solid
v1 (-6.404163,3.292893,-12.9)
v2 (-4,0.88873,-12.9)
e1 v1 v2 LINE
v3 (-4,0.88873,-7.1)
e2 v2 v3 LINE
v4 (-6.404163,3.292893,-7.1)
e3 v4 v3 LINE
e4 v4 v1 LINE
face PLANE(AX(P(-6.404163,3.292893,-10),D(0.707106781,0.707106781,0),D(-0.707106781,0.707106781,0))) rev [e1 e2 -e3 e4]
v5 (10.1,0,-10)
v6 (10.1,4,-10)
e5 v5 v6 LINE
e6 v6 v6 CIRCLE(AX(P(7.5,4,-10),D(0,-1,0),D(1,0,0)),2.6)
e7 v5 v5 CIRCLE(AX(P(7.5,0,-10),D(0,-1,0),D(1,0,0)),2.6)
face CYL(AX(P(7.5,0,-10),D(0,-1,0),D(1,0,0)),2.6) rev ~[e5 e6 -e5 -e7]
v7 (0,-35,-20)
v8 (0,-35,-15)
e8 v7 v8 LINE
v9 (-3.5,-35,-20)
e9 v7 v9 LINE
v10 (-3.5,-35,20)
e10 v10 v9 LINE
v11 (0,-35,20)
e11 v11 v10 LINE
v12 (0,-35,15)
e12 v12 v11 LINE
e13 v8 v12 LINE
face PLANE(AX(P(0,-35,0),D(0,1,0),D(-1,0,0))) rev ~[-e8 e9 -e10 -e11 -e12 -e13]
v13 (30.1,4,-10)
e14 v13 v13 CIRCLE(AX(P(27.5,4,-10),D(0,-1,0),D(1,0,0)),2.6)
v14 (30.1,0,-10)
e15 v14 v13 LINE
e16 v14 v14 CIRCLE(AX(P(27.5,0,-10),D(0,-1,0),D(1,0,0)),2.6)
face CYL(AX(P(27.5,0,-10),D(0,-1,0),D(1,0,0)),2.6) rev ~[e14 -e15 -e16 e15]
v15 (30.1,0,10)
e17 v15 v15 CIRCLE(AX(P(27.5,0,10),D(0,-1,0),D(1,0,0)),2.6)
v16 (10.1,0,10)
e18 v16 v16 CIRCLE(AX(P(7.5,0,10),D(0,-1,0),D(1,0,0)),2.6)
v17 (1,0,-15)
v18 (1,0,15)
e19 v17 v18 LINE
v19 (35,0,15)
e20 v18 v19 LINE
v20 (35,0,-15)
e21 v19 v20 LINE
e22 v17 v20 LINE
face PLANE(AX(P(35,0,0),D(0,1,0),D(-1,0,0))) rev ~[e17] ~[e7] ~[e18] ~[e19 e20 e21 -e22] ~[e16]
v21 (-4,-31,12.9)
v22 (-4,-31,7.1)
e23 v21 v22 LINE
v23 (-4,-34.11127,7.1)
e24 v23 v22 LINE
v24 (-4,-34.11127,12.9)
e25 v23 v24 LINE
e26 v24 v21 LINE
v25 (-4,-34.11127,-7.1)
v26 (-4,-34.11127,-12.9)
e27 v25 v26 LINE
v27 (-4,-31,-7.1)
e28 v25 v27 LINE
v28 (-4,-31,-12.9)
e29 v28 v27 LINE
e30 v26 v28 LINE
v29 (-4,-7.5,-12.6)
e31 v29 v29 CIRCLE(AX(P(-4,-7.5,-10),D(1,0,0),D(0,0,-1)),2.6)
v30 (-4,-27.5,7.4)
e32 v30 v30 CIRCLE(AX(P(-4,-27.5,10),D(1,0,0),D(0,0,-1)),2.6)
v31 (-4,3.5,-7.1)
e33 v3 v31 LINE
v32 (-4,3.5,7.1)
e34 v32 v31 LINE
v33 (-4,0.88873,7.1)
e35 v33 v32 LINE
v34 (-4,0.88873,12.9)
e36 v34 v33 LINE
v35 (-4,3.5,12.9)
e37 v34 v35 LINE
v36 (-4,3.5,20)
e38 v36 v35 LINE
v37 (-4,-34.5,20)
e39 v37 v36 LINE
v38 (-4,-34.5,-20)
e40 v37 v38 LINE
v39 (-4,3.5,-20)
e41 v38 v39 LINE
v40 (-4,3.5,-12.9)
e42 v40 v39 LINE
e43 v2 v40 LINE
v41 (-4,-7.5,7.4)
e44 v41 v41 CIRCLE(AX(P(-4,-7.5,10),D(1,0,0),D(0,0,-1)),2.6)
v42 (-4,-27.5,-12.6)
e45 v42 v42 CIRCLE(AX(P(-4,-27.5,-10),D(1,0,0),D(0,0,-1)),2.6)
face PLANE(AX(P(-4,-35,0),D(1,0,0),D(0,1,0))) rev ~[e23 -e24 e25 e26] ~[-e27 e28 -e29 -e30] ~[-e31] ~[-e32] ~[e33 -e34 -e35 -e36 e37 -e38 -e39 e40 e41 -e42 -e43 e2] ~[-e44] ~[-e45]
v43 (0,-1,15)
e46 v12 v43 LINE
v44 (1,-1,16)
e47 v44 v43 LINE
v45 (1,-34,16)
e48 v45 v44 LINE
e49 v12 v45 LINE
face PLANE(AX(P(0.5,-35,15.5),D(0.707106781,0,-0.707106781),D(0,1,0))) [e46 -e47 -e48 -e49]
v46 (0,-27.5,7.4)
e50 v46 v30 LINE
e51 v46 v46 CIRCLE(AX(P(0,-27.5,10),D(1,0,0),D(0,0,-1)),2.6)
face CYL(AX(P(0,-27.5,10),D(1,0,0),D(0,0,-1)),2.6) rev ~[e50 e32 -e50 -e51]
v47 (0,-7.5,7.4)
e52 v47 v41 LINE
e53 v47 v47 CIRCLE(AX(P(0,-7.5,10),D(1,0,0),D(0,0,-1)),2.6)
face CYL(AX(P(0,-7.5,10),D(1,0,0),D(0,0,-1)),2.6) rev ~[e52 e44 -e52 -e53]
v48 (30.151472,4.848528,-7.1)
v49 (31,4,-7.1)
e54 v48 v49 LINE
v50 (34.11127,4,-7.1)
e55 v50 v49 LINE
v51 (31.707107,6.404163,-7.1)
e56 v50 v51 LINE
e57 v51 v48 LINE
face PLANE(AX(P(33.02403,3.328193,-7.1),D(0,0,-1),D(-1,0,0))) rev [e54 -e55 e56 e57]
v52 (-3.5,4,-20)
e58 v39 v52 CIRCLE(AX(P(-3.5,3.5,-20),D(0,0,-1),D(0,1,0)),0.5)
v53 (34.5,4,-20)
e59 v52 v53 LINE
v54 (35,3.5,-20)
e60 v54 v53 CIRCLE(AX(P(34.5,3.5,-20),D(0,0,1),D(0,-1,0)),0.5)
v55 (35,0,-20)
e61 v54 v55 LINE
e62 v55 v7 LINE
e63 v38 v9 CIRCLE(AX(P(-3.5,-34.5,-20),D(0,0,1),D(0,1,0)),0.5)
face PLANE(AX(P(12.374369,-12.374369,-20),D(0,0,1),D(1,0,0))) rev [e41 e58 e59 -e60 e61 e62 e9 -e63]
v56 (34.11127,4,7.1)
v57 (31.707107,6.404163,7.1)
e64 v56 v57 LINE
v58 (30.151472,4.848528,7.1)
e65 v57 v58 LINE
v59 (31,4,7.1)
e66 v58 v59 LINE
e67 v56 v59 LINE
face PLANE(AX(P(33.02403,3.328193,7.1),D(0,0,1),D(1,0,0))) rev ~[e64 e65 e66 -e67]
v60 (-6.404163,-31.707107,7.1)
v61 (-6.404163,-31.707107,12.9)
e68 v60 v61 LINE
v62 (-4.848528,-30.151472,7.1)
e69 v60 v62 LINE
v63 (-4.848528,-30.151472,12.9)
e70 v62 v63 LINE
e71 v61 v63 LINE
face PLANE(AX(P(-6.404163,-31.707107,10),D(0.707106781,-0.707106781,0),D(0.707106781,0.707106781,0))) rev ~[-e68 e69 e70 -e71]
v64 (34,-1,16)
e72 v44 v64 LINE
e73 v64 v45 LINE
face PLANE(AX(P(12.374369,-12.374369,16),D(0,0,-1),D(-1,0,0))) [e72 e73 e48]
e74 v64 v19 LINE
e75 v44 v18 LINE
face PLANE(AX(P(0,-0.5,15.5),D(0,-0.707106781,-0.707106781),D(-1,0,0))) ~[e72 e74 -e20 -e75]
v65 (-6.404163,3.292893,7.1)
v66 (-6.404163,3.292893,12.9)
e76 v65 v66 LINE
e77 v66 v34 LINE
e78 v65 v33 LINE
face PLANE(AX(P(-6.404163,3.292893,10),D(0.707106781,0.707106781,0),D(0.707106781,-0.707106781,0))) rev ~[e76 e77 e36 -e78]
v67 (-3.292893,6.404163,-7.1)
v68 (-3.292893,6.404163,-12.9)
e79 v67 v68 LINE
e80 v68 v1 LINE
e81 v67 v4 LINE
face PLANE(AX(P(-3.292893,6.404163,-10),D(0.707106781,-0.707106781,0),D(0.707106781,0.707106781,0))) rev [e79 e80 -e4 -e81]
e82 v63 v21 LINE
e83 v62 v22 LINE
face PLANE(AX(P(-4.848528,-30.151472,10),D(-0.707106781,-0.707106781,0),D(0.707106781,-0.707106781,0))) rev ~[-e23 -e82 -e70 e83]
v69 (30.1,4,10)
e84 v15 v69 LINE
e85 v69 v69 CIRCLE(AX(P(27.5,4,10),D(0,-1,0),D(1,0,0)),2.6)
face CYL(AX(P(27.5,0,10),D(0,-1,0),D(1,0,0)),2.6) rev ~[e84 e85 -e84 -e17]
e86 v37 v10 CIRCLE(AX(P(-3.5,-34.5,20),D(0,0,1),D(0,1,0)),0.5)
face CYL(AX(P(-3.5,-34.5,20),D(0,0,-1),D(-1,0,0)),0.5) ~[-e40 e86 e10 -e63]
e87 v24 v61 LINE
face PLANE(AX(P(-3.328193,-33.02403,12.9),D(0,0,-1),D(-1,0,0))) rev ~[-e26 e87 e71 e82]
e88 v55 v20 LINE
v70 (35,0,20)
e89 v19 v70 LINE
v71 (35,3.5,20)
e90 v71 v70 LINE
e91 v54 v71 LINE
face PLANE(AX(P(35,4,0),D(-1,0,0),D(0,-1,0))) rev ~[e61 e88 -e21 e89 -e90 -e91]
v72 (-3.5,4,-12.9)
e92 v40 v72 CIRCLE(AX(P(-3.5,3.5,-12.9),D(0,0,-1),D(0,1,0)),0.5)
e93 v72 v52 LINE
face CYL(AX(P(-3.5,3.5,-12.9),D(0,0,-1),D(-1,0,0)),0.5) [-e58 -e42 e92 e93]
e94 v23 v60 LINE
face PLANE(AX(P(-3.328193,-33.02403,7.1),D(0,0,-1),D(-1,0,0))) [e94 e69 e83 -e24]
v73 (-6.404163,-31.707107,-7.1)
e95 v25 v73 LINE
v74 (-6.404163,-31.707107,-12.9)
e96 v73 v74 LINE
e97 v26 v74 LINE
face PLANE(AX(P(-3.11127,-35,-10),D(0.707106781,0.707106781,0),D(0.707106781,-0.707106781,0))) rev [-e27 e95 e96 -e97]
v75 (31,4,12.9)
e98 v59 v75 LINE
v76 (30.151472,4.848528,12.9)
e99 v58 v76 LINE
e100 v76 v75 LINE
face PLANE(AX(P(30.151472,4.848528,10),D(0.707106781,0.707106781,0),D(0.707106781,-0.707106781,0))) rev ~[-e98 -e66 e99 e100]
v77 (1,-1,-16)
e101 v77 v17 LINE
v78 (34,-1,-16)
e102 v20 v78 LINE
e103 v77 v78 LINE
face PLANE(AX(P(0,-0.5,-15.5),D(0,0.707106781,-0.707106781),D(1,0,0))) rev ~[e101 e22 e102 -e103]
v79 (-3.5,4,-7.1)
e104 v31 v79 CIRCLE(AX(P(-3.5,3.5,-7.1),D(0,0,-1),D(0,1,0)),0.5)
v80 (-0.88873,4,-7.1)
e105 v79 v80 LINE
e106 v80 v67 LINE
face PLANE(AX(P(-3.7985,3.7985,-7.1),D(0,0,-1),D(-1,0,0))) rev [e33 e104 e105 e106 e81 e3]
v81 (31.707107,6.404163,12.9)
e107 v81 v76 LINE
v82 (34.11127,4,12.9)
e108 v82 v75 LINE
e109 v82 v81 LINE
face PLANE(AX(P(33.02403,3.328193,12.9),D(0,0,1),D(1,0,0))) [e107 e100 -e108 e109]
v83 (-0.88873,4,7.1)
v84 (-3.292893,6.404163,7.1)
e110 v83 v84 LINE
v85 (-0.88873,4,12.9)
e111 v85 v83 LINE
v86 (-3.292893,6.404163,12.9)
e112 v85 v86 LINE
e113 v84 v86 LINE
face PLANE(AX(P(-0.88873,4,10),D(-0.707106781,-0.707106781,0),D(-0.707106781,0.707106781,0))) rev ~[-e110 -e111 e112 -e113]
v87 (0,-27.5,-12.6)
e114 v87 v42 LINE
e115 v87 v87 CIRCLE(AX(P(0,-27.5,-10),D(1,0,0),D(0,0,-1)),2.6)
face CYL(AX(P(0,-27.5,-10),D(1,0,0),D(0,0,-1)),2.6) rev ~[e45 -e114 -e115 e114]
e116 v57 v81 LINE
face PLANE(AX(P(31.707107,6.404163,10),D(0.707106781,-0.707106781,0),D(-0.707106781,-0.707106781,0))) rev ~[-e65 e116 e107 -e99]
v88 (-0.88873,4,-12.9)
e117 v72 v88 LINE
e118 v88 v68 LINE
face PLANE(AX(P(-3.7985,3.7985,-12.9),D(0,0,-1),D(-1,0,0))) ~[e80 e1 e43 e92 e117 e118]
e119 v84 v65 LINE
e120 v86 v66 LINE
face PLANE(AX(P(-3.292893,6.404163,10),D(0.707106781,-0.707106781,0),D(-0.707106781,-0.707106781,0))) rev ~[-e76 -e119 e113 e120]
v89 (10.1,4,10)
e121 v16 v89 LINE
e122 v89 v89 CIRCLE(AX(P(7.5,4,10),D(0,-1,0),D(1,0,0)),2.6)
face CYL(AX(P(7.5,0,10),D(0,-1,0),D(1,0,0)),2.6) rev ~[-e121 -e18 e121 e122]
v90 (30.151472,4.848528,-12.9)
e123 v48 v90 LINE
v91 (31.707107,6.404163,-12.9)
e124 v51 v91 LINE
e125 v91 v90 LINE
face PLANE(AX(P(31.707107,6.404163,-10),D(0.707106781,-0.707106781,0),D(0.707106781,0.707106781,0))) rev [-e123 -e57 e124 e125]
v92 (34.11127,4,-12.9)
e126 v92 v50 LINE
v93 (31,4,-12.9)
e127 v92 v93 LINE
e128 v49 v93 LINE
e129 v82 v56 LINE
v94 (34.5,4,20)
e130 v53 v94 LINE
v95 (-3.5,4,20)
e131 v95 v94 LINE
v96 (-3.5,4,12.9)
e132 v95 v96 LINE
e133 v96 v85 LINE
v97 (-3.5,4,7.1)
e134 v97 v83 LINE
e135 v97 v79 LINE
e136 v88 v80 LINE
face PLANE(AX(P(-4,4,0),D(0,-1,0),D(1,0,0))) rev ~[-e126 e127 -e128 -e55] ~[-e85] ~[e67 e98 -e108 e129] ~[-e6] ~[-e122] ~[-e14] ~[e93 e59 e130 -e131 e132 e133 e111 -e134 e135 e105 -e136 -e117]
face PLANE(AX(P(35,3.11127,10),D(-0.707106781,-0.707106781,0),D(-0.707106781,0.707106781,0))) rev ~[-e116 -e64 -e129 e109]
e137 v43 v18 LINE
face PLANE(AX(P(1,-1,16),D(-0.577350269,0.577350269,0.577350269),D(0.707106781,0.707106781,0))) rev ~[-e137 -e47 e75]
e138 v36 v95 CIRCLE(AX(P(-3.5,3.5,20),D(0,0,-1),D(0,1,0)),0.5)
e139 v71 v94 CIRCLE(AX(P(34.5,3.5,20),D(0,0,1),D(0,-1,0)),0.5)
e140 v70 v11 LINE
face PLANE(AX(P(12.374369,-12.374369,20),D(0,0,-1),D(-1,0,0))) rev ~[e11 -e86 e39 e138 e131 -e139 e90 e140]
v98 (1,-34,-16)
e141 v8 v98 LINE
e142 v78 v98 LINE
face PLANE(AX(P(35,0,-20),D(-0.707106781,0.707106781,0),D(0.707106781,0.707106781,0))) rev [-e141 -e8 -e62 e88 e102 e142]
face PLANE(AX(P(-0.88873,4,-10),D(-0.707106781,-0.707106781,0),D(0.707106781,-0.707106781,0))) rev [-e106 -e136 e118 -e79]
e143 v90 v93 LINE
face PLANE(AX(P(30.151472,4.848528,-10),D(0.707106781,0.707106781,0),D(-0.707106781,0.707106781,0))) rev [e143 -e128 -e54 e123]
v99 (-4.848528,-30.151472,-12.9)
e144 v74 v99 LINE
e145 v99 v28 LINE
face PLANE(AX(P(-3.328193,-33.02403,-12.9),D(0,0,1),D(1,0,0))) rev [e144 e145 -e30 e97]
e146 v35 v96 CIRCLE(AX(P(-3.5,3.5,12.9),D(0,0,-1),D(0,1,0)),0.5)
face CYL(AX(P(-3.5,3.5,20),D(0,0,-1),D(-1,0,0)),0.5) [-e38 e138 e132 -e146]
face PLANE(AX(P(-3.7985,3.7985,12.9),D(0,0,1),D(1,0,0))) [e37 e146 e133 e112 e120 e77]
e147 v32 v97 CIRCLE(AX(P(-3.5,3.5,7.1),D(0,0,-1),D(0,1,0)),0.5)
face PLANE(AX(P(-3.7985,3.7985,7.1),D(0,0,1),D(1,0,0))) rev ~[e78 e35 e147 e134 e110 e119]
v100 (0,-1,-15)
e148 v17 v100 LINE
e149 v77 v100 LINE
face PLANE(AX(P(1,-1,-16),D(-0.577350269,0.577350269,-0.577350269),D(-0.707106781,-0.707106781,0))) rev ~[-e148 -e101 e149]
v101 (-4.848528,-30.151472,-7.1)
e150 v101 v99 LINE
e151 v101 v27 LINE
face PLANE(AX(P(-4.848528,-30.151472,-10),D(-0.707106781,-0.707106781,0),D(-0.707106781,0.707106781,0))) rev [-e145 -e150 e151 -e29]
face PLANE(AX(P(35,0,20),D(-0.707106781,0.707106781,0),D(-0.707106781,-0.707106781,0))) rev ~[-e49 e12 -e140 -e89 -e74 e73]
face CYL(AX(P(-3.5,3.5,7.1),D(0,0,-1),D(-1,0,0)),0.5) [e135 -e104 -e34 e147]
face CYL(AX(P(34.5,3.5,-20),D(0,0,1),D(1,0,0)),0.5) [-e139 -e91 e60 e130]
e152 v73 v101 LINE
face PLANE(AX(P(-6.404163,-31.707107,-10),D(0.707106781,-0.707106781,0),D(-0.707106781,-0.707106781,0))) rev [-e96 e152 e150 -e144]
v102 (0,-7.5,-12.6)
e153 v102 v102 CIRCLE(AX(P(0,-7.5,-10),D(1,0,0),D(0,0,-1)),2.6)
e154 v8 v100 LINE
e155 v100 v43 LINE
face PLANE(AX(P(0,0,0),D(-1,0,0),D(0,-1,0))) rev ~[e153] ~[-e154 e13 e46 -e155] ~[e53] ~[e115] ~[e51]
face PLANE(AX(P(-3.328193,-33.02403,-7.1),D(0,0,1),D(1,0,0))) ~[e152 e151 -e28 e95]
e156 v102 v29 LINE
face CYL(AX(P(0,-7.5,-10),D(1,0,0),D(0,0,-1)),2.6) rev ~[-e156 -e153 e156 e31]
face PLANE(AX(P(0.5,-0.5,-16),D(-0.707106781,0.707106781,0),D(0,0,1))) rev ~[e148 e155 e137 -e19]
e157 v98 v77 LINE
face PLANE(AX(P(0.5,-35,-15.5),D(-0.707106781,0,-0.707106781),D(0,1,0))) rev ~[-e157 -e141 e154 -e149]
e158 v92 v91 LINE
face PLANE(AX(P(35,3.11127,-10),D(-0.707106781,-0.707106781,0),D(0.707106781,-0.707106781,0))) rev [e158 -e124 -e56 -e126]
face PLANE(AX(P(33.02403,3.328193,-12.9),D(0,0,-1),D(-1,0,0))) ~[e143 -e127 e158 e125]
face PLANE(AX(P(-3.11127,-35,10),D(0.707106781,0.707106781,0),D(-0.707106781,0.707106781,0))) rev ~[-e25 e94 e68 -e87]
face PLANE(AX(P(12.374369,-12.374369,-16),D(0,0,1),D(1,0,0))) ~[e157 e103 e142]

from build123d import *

# Parameters (mm, degrees)
EXTRUDE_1_DEPTH     = 20
EXTRUDE_2_DEPTH     = 4
SKETCH_3_R          = 2.6
CUT_EXTRUDE_1_DEPTH = 54.38539126
SKETCH_4_R          = 2.6
CUT_EXTRUDE_2_DEPTH = 54.38539126
EXTRUDE_START       = -10
EXTRUDE_3_DEPTH     = 2.9
FILLET_1_R          = 0.5
CHAMFER_1_SIZE      = 1


with BuildPart() as part:
    # Эскиз1 → Бобышка-Вытянуть1 (new, symmetric)
    with BuildSketch(Plane.XY):
        Polygon((0, 0), (0, -35), (-4, -35), (-4, 4), (35, 4), (35, 0), align=None)
    extrude(amount=EXTRUDE_1_DEPTH, both=True)

    # Эскиз2 → Бобышка-Вытянуть2 (add)
    with BuildSketch(Plane.XY.offset(20)):
        Polygon((0, -35), (0, 0), (35, 0), align=None)
    extrude_2 = extrude(amount=-EXTRUDE_2_DEPTH)

    # Зеркальное отражение1: Бобышка-Вытянуть2 across plane
    add(extrude_2.mirror(Plane.XY))

    # Эскиз3 → Вырез-Вытянуть1 (cut, through all)
    with BuildSketch(Plane(origin=(0, 0, 0), x_dir=(0, 0, -1), z_dir=(1, 0, 0))):
        with Locations((-10, -27.5)):
            Circle(SKETCH_3_R)
        with Locations((10, -27.5)):
            Circle(SKETCH_3_R)
        with Locations((10, -7.5)):
            Circle(SKETCH_3_R)
        with Locations((-10, -7.5)):
            Circle(SKETCH_3_R)
    extrude(amount=-CUT_EXTRUDE_1_DEPTH, mode=Mode.SUBTRACT)

    # Эскиз4 → Вырез-Вытянуть2 (cut, through all)
    with BuildSketch(Plane.XZ):
        with Locations((27.5, -10)):
            Circle(SKETCH_4_R)
        with Locations((7.5, -10)):
            Circle(SKETCH_4_R)
        with Locations((7.5, 10)):
            Circle(SKETCH_4_R)
        with Locations((27.5, 10)):
            Circle(SKETCH_4_R)
    extrude(amount=-CUT_EXTRUDE_2_DEPTH, mode=Mode.SUBTRACT)

    # Эскиз5 → Бобышка-Вытянуть3 (add, symmetric)
    with BuildSketch(Plane.XY.offset(20).offset(EXTRUDE_START)):
        Polygon((-0.888730163, 4), (-3.292893219, 6.404163056), (-6.404163056, 3.292893219), (-4, 0.888730163), (-4, 4), align=None)
        Polygon((35, 3.111269837), (31.707106781, 6.404163056), (30.151471863, 4.848528137), (35, 0), align=None)
        Polygon((-4.848528137, -30.151471863), (0, -35), (-3.111269837, -35), (-6.404163056, -31.707106781), align=None)
    extrude_3 = extrude(amount=EXTRUDE_3_DEPTH, both=True)

    # Зеркальное отражение2: Бобышка-Вытянуть3 across plane
    add(extrude_3.mirror(Plane.XY))

    # Скругление1
    fillet_1_edges = [part.edges().sort_by_distance(p)[0] for p in [
        (-4, -35, 0),
        (-4, 4, 16.45),
        (35, 4, 0),
        (-4, 4, -16.45),
        (-4, 4, 0),
    ]]
    fillet(fillet_1_edges, radius=FILLET_1_R)

    # Фаска1
    chamfer_1_edges = [part.edges().sort_by_distance(p)[0] for p in [
        (0, 0, 0),
        (0, -17.5, 16),
        (17.5, 0, 16),
        (17.5, 0, -16),
        (0, -17.5, -16),
    ]]
    chamfer(chamfer_1_edges, length=CHAMFER_1_SIZE)


solid = part.part
